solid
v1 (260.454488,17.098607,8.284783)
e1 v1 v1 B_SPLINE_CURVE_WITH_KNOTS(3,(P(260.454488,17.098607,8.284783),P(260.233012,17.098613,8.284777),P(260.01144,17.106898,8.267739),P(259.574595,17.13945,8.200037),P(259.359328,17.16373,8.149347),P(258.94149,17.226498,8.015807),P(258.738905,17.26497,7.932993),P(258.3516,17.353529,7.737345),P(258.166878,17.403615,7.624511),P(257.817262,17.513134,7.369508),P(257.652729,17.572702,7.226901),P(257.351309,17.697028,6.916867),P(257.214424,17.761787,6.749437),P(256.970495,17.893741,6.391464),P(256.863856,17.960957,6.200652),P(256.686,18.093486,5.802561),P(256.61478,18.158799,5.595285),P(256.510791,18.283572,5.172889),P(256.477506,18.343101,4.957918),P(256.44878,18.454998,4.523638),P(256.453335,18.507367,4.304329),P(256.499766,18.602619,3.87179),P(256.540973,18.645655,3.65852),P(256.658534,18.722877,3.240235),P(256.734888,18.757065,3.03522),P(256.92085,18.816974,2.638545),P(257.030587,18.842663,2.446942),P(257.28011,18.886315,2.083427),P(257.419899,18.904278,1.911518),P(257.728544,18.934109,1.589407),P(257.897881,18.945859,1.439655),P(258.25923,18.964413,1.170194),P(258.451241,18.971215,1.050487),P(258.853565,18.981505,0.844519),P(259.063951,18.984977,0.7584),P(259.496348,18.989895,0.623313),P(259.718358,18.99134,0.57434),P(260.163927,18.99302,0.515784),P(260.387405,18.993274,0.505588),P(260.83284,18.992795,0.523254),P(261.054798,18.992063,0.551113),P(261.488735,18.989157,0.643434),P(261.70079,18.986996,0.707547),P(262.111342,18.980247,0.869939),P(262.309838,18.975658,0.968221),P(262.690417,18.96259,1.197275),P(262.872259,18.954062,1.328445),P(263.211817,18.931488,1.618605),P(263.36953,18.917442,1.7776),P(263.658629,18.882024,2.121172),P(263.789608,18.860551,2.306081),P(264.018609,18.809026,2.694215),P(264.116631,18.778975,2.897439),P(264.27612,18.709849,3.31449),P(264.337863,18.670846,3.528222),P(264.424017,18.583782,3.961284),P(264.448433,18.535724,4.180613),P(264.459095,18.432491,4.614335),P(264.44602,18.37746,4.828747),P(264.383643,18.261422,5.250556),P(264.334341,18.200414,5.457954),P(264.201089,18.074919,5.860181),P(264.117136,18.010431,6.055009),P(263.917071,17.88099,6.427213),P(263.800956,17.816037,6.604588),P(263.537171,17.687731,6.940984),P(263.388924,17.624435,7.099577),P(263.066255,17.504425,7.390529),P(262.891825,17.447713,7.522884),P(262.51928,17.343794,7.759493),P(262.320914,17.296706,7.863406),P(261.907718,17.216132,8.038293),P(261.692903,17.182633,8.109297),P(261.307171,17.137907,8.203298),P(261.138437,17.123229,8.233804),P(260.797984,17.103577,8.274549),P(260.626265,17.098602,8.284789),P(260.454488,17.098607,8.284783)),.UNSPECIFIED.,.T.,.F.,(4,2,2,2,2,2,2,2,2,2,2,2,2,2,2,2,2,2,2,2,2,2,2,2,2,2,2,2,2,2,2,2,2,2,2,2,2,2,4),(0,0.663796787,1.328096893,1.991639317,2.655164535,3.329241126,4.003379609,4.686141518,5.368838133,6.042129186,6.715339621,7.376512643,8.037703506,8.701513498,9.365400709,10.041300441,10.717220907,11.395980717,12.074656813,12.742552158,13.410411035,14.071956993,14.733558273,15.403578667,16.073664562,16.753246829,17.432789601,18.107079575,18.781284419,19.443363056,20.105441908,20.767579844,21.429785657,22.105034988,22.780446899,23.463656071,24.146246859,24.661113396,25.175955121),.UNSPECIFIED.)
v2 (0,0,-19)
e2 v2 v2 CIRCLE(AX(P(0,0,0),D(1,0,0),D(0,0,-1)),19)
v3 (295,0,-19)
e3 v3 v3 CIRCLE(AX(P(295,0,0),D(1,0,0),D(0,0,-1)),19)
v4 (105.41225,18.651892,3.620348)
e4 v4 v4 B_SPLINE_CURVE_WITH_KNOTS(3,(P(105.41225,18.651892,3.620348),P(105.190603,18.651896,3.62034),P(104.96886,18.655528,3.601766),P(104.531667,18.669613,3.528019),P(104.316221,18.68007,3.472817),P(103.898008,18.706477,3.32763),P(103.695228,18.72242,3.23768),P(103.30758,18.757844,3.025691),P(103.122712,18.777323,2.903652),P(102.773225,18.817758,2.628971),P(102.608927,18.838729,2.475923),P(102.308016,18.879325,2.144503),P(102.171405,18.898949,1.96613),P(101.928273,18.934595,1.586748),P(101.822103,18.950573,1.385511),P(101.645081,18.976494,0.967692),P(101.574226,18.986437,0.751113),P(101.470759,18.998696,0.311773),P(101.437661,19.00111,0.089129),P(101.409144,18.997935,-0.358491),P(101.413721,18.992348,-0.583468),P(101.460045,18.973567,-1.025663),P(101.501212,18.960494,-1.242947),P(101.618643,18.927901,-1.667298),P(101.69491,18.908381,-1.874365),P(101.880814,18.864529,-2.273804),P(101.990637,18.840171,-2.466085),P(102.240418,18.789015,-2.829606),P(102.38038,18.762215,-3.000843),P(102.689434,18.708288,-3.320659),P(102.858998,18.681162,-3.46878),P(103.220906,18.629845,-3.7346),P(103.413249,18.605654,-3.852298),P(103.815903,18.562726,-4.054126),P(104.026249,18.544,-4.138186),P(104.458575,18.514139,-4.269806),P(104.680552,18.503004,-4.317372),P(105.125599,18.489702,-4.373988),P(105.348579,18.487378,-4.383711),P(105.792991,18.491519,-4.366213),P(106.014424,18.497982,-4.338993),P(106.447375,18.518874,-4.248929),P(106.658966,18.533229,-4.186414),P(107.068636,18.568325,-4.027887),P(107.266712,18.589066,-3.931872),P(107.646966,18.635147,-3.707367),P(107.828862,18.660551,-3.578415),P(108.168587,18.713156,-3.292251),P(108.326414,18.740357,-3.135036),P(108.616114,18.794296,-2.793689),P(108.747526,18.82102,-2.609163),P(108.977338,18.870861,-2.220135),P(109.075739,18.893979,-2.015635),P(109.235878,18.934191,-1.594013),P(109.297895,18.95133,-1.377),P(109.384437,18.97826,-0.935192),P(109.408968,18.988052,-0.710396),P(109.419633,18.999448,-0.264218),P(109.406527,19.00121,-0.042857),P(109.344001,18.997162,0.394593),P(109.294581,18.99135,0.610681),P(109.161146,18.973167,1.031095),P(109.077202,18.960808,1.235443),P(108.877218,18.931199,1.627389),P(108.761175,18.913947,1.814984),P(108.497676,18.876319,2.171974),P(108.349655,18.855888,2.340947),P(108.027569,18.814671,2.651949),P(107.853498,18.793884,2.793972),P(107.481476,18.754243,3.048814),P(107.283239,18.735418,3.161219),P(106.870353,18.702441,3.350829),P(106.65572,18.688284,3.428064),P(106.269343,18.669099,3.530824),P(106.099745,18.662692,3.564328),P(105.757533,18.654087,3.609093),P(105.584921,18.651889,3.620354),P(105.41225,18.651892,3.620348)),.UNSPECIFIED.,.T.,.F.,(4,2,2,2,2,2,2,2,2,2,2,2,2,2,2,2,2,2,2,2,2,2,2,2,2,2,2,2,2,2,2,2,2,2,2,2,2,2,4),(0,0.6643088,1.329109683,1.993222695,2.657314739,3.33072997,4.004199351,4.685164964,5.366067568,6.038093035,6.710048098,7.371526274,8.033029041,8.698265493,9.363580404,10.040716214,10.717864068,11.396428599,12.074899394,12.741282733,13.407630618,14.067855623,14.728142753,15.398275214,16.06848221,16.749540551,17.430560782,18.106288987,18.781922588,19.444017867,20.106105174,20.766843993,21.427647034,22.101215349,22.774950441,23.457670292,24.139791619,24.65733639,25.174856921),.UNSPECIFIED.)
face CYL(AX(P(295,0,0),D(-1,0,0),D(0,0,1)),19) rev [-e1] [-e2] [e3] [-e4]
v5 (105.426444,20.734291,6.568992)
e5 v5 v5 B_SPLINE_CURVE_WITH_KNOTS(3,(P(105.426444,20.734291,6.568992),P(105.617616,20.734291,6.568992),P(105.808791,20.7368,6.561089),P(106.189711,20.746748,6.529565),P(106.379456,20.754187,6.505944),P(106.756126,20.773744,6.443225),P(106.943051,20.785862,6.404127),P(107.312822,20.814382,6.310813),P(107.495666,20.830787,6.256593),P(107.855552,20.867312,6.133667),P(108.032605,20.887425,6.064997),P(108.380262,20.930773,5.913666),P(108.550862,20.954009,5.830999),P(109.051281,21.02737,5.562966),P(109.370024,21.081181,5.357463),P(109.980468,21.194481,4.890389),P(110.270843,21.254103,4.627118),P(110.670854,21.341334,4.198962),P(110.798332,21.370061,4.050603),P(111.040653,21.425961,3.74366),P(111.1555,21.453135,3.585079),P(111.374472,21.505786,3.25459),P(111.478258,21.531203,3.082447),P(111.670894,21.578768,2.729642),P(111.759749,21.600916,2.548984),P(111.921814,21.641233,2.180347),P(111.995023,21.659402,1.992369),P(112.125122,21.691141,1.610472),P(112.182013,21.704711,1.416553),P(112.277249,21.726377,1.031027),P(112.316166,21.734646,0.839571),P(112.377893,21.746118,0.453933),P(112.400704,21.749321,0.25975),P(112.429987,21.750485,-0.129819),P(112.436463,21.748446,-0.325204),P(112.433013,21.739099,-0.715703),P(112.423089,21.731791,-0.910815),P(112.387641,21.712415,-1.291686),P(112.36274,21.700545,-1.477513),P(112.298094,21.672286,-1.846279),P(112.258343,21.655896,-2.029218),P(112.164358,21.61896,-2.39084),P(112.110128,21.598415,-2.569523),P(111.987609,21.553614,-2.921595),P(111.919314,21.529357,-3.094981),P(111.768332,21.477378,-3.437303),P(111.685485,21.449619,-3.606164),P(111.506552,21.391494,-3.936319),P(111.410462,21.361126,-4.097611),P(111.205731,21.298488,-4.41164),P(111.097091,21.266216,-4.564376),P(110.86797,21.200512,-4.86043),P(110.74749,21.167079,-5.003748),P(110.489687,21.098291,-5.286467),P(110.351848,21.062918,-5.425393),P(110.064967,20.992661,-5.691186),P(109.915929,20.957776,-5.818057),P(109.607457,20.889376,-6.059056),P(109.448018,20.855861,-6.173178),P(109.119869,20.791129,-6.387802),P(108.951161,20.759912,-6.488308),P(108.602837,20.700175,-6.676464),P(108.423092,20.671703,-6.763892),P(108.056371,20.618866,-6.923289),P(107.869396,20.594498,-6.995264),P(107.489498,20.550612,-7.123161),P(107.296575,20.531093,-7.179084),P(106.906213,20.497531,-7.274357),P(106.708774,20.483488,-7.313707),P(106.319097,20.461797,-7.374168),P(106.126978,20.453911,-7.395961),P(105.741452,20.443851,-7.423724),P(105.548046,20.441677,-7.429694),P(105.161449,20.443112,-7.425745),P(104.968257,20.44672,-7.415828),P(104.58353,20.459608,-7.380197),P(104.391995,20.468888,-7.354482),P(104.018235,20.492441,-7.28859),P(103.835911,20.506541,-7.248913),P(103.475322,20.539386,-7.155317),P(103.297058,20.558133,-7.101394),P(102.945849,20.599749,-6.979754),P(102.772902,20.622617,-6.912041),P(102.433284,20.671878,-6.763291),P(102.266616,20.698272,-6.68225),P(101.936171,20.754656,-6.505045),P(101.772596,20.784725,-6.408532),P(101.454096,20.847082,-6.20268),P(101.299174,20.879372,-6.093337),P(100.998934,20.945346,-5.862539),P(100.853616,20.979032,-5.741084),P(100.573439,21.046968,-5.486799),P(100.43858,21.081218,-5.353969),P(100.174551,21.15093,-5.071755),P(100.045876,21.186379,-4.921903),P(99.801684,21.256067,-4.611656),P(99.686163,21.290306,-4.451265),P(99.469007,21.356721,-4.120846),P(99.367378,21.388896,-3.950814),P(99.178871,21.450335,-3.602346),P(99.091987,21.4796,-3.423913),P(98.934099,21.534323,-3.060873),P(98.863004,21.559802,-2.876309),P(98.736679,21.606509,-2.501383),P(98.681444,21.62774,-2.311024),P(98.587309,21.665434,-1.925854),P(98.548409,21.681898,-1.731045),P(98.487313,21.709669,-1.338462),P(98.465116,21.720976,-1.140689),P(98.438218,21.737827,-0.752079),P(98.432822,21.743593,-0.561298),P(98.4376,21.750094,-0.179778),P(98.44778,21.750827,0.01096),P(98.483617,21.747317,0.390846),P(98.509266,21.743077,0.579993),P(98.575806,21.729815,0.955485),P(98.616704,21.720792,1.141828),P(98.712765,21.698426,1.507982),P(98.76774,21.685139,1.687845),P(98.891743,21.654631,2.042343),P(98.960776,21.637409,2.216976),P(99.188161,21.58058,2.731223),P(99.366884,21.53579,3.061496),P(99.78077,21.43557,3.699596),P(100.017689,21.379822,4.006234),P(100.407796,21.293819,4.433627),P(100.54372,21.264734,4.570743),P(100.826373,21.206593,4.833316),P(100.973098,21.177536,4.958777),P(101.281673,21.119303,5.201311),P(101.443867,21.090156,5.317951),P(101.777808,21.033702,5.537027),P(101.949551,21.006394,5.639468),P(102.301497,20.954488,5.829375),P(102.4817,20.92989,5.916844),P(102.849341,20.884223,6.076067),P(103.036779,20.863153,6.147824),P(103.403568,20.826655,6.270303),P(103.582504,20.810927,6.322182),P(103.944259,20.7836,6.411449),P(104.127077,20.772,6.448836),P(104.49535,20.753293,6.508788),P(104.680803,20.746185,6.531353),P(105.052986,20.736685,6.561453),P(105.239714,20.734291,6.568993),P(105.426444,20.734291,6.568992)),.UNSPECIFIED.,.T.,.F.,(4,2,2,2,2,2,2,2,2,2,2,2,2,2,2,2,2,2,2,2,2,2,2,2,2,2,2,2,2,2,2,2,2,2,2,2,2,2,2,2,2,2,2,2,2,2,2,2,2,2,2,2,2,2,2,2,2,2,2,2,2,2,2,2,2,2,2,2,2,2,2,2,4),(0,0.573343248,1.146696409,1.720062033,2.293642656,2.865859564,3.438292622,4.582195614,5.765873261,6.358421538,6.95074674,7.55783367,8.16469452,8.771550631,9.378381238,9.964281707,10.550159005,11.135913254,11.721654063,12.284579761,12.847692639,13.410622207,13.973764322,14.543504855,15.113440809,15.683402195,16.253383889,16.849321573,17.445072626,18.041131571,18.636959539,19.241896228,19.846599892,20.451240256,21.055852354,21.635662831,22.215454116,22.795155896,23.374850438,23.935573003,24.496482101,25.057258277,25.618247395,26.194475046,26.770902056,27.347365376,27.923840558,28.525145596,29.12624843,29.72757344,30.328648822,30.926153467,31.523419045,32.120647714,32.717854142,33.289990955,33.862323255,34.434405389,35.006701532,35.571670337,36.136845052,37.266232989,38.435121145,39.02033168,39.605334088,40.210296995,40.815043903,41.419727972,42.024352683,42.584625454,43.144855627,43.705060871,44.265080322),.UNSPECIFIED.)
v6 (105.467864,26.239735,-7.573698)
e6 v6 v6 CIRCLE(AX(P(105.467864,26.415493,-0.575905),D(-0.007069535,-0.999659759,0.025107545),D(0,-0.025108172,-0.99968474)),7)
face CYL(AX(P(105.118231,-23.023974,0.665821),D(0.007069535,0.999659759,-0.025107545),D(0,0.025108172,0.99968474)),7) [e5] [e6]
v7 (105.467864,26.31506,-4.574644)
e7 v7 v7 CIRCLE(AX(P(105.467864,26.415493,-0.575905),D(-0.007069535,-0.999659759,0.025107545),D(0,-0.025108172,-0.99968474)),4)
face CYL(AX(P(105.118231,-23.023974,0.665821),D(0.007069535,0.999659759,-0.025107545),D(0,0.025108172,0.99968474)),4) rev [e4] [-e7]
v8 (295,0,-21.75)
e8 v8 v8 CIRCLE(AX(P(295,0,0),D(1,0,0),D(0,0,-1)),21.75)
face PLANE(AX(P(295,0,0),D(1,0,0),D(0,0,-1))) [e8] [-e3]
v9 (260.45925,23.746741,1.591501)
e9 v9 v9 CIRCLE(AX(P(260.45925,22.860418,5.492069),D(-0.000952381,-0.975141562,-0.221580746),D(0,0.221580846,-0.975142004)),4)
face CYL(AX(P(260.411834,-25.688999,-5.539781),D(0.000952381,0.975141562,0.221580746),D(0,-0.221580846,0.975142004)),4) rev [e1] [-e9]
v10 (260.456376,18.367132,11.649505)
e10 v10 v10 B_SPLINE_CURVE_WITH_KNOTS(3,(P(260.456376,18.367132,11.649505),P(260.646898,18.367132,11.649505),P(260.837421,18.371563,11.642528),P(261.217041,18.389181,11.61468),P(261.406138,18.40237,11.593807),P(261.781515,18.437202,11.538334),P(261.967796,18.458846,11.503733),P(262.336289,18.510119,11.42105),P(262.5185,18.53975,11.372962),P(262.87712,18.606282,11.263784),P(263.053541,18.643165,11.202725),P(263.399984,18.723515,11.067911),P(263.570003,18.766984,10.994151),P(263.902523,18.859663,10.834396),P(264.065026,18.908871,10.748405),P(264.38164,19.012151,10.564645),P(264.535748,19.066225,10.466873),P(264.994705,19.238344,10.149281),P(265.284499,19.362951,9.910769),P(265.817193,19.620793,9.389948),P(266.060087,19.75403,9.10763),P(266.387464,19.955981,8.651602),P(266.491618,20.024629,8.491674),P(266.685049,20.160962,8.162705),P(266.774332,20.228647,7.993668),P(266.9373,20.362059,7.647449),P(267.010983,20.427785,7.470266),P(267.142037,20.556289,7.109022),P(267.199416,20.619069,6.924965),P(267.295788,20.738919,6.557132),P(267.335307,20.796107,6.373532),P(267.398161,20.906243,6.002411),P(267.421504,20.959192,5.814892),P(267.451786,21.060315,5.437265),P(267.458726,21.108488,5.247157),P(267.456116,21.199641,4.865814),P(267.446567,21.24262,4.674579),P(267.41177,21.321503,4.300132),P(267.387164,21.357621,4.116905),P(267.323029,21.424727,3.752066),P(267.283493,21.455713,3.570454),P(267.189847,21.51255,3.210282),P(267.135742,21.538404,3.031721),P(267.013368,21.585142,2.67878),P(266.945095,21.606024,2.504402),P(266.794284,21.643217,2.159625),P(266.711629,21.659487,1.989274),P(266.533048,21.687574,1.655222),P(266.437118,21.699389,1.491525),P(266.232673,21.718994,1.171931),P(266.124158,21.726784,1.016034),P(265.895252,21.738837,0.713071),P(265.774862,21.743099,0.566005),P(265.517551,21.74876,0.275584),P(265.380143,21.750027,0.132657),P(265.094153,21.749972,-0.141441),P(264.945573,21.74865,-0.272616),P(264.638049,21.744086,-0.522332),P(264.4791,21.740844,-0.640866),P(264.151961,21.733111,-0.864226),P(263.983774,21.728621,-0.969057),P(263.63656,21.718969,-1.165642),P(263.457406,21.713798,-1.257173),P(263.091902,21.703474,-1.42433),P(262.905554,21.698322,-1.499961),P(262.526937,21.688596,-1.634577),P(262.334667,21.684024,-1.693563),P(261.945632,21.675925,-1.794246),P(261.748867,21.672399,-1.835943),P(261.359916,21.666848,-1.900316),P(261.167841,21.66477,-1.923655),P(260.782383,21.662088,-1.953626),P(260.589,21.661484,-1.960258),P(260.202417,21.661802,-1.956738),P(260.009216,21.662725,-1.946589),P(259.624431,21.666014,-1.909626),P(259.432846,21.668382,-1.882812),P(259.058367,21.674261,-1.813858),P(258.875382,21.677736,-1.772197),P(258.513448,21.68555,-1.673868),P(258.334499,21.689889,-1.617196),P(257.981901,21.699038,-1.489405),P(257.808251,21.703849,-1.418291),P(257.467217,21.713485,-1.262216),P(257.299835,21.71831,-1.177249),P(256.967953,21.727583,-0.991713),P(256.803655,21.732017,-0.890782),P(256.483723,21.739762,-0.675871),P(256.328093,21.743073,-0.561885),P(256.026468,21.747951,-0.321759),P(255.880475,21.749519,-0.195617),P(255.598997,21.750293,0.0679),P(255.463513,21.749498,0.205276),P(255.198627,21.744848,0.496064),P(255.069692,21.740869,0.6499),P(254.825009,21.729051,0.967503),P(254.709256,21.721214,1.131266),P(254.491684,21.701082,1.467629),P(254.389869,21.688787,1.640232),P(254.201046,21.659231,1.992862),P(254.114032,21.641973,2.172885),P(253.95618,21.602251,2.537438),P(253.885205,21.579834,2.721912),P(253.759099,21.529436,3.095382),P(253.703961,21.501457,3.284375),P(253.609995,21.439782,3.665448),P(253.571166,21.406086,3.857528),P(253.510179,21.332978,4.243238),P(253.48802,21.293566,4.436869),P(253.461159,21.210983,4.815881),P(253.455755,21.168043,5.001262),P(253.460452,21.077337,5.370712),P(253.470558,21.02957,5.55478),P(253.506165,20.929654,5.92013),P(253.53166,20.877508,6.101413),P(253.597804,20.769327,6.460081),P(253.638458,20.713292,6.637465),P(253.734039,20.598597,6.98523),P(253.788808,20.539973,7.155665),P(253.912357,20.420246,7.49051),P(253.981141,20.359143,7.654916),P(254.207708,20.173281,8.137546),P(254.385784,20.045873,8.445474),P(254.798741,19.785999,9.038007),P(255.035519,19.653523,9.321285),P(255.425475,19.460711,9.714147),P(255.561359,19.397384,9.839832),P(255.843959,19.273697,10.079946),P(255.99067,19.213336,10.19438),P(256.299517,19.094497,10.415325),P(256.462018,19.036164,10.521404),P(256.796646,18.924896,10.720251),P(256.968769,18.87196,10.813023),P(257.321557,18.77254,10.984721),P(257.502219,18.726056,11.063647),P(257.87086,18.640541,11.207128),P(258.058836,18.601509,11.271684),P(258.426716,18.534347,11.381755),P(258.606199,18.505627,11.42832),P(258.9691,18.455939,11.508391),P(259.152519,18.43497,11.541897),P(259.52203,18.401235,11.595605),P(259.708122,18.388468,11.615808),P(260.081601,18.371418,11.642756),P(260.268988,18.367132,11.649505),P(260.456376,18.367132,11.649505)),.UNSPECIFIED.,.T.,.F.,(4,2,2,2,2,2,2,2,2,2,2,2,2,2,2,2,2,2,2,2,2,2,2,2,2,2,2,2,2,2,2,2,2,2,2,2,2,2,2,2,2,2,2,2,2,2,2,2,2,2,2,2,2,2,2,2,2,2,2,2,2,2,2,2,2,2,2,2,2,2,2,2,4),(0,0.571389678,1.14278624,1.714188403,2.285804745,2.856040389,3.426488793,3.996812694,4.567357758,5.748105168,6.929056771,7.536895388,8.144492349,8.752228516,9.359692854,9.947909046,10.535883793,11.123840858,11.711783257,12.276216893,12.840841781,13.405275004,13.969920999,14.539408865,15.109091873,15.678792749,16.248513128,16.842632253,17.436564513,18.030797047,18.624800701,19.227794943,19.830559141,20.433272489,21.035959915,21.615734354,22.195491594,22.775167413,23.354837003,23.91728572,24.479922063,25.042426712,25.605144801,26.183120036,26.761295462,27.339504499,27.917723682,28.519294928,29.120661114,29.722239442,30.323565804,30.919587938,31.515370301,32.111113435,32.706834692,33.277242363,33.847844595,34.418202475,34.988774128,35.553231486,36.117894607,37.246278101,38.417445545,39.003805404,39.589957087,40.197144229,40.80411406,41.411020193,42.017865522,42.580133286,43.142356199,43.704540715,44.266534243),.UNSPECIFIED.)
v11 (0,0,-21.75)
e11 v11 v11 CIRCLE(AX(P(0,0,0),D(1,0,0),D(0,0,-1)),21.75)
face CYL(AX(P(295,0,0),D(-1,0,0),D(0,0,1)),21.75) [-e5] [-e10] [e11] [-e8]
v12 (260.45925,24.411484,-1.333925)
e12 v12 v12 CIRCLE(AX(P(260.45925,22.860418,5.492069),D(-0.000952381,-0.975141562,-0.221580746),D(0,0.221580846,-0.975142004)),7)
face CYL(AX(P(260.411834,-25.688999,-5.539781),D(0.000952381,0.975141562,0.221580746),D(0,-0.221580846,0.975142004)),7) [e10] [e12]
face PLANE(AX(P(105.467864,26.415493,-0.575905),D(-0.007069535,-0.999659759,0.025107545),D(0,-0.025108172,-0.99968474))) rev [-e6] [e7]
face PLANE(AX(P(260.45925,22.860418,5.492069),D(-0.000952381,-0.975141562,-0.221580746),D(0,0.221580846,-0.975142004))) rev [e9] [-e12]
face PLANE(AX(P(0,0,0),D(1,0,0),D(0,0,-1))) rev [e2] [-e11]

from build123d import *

# Parameters (mm, degrees)
SKETCH1_R           = 21.75
SKETCH1_R_2         = 19
BOSS_EXTRUDE1_DEPTH = 295
BOSS_EXTRUDE2_REACH = 51.786
SKETCH5_R           = 7
SKETCH5_R_2         = 4
BOSS_EXTRUDE3_REACH = 51.455
SKETCH6_R           = 7
SKETCH6_R_2         = 4
SKETCH7_R           = 4
CUT_EXTRUDE1_DEPTH  = 10
SKETCH8_R           = 4
CUT_EXTRUDE2_DEPTH  = 20


with BuildPart() as part:
    # Sketch1 → Boss-Extrude1 (new body)
    with BuildSketch(Plane(origin=(0, 0, 0), x_dir=(0, 0, -1), z_dir=(1, 0, 0))):
        Circle(SKETCH1_R)
        Circle(SKETCH1_R_2, mode=Mode.SUBTRACT)
    extrude(amount=BOSS_EXTRUDE1_DEPTH)

    # Sketch5 → Boss-Extrude2 (add, up to next)
    with BuildSketch(Plane(origin=(0.022625841, 23.166571161, 5.264124015), x_dir=(0.999999546, -0.000927561, -0.00021607), z_dir=(-0.000952381, -0.975141562, -0.221580746)), mode=Mode.PRIVATE) as boss_extrude2_sk1:
        with Locations((260.436740743, 0.291462923)):
            Circle(SKETCH5_R)
        with Locations((260.436740743, 0.291462923)):
            Circle(SKETCH5_R_2, mode=Mode.SUBTRACT)
    boss_extrude2_tool1 = extrude(boss_extrude2_sk1.sketch, amount=BOSS_EXTRUDE2_REACH, mode=Mode.PRIVATE) - part.part
    add(boss_extrude2_tool1.solids().sort_by_distance((253.657243, 22.866727, 5.493539))[0])

    # Sketch6 → Boss-Extrude3 (add, up to next)
    with BuildSketch(Plane(origin=(0.192055035, 27.157330053, -0.682085947), x_dir=(0.999975011, -0.007067306, 0.000177503), z_dir=(-0.007069535, -0.999659759, 0.025107545)), mode=Mode.PRIVATE) as boss_extrude3_sk1:
        with Locations((105.278439441, 0.08752168)):
            Circle(SKETCH6_R)
        with Locations((105.278439441, 0.08752168)):
            Circle(SKETCH6_R_2, mode=Mode.SUBTRACT)
    boss_extrude3_tool1 = extrude(boss_extrude3_sk1.sketch, amount=BOSS_EXTRUDE3_REACH, mode=Mode.PRIVATE) - part.part
    add(boss_extrude3_tool1.solids().sort_by_distance((98.666024, 26.463564, -0.577112))[0])

    # Sketch7 → Cut-Extrude1 (cut)
    with BuildSketch(Plane(origin=(0.022625841, 23.166571161, 5.264124015), x_dir=(0.999999546, -0.000927561, -0.00021607), z_dir=(0.000952381, 0.975141562, 0.221580746))):
        with Locations((260.436740743, -0.291462923)):
            Circle(SKETCH7_R)
    extrude(amount=-CUT_EXTRUDE1_DEPTH, mode=Mode.SUBTRACT)

    # Sketch8 → Cut-Extrude2 (cut)
    with BuildSketch(Plane(origin=(0.192055035, 27.157330053, -0.682085947), x_dir=(0.999975011, -0.007067306, 0.000177503), z_dir=(0.007069535, 0.999659759, -0.025107545))):
        with Locations((105.278439441, -0.08752168)):
            Circle(SKETCH8_R)
    extrude(amount=-CUT_EXTRUDE2_DEPTH, mode=Mode.SUBTRACT)


solid = part.part
